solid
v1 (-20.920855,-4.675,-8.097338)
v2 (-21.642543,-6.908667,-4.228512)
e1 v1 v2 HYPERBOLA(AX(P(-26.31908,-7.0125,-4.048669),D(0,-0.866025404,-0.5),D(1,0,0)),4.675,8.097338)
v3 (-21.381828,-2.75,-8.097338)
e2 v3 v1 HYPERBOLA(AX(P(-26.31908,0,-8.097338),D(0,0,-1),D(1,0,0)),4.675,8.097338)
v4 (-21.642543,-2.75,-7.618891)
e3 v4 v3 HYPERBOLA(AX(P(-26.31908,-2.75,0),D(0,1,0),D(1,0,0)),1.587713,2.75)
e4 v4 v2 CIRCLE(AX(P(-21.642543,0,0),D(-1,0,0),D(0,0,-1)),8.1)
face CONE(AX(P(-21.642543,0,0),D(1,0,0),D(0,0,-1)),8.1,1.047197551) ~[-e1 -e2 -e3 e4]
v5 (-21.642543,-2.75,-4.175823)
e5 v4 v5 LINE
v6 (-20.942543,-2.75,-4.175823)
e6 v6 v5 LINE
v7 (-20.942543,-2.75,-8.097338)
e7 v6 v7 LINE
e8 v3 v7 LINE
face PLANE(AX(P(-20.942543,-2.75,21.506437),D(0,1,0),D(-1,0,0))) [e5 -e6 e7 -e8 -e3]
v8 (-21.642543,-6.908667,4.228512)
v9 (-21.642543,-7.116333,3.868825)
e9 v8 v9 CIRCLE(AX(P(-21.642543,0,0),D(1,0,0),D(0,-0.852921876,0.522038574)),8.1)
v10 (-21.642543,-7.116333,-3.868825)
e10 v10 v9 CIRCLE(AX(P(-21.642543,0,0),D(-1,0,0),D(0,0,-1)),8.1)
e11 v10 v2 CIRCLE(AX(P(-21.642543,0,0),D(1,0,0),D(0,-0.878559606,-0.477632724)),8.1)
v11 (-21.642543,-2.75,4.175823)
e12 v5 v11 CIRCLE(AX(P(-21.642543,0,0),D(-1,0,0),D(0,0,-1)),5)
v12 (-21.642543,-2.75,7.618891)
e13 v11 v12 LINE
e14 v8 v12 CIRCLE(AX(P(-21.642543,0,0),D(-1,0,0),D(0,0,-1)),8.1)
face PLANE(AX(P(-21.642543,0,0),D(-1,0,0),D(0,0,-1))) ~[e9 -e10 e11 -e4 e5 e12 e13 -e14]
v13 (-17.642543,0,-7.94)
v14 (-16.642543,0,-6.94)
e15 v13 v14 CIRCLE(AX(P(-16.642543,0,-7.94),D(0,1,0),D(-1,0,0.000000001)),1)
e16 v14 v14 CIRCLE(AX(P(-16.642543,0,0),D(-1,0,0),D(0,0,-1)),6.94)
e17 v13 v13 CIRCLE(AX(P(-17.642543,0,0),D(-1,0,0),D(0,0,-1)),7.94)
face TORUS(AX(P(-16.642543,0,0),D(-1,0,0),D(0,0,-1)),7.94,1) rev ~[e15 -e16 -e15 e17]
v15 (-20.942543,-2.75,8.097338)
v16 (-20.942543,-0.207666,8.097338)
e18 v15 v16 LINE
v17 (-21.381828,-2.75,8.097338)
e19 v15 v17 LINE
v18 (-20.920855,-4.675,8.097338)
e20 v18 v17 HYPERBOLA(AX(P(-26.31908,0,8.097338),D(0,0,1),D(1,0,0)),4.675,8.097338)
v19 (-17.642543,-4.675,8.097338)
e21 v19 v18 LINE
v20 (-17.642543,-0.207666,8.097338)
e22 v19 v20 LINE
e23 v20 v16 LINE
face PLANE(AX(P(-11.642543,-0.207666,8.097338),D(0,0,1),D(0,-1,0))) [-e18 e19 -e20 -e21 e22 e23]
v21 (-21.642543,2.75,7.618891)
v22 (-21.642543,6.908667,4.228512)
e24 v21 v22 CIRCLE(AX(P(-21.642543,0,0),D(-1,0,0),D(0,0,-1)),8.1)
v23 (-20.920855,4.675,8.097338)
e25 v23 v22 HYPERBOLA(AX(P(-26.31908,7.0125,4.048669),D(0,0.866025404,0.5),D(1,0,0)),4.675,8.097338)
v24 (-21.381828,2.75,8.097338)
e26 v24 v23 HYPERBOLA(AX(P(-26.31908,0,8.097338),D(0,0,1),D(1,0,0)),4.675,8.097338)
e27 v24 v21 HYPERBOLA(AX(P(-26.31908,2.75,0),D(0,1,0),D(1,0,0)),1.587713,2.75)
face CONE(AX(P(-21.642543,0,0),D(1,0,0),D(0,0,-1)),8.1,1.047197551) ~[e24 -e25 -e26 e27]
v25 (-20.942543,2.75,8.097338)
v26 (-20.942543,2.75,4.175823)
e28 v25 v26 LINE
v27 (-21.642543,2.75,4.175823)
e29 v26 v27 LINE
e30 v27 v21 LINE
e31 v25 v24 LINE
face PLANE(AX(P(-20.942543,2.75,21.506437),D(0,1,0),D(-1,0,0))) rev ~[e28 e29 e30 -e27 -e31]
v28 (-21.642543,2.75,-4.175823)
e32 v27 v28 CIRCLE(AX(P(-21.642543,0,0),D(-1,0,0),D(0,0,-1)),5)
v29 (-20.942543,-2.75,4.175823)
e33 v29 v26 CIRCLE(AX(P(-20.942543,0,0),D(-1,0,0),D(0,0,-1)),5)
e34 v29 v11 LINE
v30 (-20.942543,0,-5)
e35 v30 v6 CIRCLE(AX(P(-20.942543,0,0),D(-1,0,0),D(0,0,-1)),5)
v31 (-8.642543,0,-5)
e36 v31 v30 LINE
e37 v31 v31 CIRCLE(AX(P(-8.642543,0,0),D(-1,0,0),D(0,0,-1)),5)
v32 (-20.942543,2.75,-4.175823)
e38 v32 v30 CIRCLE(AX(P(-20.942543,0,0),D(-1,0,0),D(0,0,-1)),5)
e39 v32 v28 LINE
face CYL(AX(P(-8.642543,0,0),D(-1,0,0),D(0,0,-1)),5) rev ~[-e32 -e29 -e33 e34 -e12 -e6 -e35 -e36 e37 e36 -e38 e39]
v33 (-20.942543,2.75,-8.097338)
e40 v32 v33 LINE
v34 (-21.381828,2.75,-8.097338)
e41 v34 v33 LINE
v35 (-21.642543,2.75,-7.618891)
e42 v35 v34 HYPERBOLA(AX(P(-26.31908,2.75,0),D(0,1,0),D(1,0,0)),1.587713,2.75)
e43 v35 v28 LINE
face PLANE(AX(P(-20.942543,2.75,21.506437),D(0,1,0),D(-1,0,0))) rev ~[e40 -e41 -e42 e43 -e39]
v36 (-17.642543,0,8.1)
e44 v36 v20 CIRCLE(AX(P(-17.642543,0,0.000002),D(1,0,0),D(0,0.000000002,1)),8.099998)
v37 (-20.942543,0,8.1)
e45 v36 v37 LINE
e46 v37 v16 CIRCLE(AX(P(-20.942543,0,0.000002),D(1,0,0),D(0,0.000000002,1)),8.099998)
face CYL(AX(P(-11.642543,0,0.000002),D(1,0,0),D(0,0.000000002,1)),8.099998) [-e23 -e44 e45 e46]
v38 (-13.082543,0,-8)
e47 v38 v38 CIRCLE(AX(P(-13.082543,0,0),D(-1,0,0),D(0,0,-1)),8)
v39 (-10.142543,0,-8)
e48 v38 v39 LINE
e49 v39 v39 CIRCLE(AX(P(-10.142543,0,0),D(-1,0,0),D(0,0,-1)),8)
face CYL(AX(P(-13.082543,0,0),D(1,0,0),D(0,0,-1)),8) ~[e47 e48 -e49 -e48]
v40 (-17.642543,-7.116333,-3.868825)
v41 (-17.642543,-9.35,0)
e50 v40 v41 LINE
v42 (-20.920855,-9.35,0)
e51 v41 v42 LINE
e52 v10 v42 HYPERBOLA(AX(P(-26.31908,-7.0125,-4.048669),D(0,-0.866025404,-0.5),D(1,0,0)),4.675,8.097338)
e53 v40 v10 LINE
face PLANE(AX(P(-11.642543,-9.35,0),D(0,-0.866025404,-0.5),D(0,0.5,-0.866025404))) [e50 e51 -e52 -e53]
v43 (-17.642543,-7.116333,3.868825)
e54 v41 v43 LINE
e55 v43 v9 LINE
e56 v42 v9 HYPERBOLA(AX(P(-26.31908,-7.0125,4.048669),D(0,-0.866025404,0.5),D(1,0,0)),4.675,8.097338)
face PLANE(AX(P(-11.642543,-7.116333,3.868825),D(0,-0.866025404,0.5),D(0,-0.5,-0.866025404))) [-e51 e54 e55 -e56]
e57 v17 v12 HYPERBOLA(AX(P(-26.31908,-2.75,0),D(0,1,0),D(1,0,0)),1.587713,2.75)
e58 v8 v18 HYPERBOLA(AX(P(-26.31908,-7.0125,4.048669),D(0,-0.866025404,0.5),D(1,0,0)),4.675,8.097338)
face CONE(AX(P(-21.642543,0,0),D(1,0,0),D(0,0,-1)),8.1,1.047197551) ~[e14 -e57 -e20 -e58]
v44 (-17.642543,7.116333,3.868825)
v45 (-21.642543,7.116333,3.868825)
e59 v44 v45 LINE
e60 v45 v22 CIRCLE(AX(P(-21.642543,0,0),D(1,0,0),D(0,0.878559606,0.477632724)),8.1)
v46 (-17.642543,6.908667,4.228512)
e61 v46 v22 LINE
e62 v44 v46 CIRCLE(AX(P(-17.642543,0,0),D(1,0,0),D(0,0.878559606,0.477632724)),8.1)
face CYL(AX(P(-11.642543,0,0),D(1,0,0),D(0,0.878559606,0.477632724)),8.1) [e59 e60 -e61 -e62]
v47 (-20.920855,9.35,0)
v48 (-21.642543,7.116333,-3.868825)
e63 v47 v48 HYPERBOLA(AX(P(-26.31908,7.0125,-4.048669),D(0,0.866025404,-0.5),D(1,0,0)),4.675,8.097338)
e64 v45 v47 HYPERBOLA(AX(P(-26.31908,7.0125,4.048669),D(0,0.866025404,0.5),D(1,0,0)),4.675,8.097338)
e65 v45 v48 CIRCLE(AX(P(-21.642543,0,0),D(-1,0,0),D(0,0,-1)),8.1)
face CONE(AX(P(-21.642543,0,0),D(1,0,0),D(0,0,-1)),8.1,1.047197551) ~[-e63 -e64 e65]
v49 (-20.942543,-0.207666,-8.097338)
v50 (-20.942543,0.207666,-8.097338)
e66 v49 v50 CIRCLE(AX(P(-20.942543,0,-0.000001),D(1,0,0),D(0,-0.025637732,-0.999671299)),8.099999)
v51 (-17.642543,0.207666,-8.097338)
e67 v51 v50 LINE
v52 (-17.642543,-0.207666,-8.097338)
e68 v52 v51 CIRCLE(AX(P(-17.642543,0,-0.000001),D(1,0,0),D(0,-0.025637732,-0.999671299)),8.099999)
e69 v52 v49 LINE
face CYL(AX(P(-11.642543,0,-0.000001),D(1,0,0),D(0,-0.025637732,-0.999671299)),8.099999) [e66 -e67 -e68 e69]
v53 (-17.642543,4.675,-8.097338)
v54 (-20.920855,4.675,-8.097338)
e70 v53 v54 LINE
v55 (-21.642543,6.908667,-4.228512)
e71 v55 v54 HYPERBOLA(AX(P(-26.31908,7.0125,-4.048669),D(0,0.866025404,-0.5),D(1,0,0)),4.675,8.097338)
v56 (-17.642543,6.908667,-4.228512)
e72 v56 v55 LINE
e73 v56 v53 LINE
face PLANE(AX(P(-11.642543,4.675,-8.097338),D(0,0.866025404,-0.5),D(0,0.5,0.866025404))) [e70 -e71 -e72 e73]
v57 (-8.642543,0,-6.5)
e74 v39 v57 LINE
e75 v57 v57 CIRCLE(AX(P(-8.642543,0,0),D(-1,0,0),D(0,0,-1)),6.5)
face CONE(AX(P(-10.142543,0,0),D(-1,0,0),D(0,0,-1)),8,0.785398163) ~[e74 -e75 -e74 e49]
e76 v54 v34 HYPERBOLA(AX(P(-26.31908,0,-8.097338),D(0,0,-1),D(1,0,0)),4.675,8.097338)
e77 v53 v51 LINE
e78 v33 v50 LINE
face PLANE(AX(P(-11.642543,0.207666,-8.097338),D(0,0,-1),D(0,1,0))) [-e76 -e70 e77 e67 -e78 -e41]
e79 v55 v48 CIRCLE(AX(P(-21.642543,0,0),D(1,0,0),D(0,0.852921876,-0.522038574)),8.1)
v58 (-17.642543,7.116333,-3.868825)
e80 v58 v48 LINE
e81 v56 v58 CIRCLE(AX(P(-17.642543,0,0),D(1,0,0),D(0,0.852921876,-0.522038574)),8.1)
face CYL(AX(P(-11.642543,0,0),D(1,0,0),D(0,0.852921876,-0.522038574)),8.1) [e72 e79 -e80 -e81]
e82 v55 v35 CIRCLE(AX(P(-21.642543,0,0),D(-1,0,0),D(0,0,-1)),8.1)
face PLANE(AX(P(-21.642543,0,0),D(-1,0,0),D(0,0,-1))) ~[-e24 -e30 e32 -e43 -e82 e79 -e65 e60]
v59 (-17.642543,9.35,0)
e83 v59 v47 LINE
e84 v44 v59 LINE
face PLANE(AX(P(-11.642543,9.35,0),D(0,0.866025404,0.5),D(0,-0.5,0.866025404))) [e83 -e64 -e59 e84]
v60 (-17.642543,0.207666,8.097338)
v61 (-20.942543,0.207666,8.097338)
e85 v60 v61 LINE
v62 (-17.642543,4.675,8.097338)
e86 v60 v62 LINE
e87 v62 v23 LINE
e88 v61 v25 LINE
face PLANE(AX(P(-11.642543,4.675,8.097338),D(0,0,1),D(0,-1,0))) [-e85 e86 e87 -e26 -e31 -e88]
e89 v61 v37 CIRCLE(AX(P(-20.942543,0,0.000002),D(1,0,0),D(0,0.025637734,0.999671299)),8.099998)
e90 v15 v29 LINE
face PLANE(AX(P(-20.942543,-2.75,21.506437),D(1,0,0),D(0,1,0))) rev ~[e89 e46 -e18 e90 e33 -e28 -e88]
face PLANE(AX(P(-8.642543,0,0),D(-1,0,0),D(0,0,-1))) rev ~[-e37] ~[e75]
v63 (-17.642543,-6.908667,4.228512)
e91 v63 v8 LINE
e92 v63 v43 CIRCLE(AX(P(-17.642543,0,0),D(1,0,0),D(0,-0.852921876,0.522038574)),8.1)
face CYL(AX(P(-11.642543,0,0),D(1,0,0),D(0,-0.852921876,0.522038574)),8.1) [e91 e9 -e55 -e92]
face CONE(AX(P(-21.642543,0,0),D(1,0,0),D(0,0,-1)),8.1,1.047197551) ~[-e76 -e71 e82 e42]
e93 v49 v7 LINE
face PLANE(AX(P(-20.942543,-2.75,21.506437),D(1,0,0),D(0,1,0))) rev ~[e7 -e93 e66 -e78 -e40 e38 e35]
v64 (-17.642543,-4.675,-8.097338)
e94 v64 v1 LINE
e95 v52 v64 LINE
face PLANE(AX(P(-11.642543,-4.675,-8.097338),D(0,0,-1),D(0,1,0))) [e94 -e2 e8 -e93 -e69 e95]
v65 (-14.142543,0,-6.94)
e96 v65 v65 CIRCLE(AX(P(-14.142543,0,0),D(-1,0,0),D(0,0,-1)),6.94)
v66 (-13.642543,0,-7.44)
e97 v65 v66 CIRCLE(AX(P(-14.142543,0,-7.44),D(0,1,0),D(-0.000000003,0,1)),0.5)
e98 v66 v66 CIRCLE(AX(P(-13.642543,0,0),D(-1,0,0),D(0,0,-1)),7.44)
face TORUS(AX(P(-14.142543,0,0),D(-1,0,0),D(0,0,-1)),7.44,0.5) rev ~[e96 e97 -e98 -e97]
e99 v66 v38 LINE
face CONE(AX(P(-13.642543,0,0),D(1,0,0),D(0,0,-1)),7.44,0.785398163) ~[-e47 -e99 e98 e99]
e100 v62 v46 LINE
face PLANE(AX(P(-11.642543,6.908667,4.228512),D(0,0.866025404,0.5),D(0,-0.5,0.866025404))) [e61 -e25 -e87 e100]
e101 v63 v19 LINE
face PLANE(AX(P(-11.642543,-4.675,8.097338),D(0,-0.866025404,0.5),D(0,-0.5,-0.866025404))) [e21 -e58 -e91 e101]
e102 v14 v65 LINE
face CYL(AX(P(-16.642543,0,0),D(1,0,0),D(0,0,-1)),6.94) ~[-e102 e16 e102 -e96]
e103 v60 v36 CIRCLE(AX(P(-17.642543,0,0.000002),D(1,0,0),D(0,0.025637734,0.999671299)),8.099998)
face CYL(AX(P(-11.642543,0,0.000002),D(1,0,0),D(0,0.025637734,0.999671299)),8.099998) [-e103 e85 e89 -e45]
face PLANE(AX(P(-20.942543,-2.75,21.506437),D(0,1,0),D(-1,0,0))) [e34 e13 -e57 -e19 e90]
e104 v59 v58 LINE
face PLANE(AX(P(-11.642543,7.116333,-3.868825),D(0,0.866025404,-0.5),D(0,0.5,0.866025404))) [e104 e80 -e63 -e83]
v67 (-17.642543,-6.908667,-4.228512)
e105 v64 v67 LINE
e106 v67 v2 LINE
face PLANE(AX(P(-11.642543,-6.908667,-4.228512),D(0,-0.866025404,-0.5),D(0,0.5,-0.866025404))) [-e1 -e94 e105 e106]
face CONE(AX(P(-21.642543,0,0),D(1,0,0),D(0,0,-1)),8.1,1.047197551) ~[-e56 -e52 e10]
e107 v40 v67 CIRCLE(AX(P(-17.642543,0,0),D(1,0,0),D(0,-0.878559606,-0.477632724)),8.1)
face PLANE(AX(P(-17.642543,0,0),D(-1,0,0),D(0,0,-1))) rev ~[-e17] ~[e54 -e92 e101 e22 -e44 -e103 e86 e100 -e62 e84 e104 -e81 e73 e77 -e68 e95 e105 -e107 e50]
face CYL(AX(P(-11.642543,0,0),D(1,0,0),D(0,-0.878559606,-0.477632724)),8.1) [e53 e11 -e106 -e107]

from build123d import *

# Parameters (mm, degrees)
CUT_EXTRUDE_START        = -10
CUT_EXTRUDE_1_DEPTH      = 10
CUT_EXTRUDE_2_DEPTH      = 29.603774074
CUT_EXTRUDE_2_DEPTH_BACK = 29.603774074
SKETCH_3_W               = 1.4
SKETCH_3_H               = 5.5


with BuildPart() as part:
    # Эскиз1 → Повернуть1 (revolve)
    with BuildSketch(Plane(origin=(0, 0, 0), x_dir=(1, 0, 0), z_dir=(0, 1, 0)), mode=Mode.PRIVATE) as revolve_1_sk:
        with BuildLine():
            Line((-8.642542558, -6.5), (-8.642542558, -5))
            Line((-8.642542558, -5), (-21.642542558, -5))
            Line((-21.642542558, -5), (-21.642542558, -8.1))
            Line((-21.642542558, -8.1), (-20.920854721, -9.35))
            Line((-20.920854721, -9.35), (-17.642542558, -9.35))
            Line((-17.642542558, -9.35), (-17.642542558, -7.94))
            ThreePointArc((-17.642542558, -7.94), (-17.349649339, -7.232893219), (-16.642542558, -6.94))
            Line((-16.642542558, -6.94), (-14.142542558, -6.94))
            ThreePointArc((-14.142542558, -6.94), (-13.788989167, -7.086446609), (-13.642542558, -7.44))
            Line((-13.642542558, -7.44), (-13.082542558, -8))
            Line((-13.082542558, -8), (-10.142542558, -8))
            Line((-10.142542558, -8), (-8.642542558, -6.5))
        make_face()
    revolve(revolve_1_sk.sketch.rotate(Axis((24.823529412, 0, 0), (-1, 0, 0)), 180), axis=Axis((24.823529412, 0, 0), (-1, 0, 0)))

    # Эскиз2 → Вырез-Вытянуть1 (cut)
    with BuildSketch(Plane.ZY.offset(21.642542558).offset(CUT_EXTRUDE_START)):
        with BuildLine():
            Line((-8.097337525, 0.207665597), (-8.097337525, 4.675))
            ThreePointArc((-8.097337525, 4.675), (-9.35, 0), (-8.097337525, -4.675))
            Line((-8.097337525, -4.675), (-8.097337525, -0.207665597))
            ThreePointArc((-8.097337525, -0.207665597), (-8.1, 0), (-8.097337525, 0.207665597))
        make_face()
        with BuildLine():
            Line((-3.868825081, 7.116332798), (0, 9.35))
            ThreePointArc((0, 9.35), (-4.675, 8.097337525), (-8.097337525, 4.675))
            Line((-8.097337525, 4.675), (-4.228512445, 6.908667202))
            ThreePointArc((-4.228512445, 6.908667202), (-4.05, 7.014805771), (-3.868825081, 7.116332798))
        make_face()
        with BuildLine():
            ThreePointArc((8.097337525, 4.675), (4.675, 8.097337525), (0, 9.35))
            Line((0, 9.35), (3.868825081, 7.116332798))
            ThreePointArc((3.868825081, 7.116332798), (4.05, 7.014805771), (4.228512445, 6.908667202))
            Line((4.228512445, 6.908667202), (8.097337525, 4.675))
        make_face()
        with BuildLine():
            ThreePointArc((9.35, 0), (9.031406476, 2.419958072), (8.097337525, 4.675))
            Line((8.097337525, 4.675), (8.097337525, 0.207665597))
            ThreePointArc((8.097337525, 0.207665597), (8.099334354, 0.103841332), (8.1, 0))
            ThreePointArc((8.1, 0), (8.099334354, -0.103841332), (8.097337525, -0.207665597))
            Line((8.097337525, -0.207665597), (8.097337525, -4.675))
            ThreePointArc((8.097337525, -4.675), (9.031406476, -2.419958072), (9.35, 0))
        make_face()
        with BuildLine():
            ThreePointArc((0, -9.35), (4.675, -8.097337525), (8.097337525, -4.675))
            Line((8.097337525, -4.675), (4.228512445, -6.908667202))
            ThreePointArc((4.228512445, -6.908667202), (4.05, -7.014805771), (3.868825081, -7.116332798))
            Line((3.868825081, -7.116332798), (0, -9.35))
        make_face()
        with BuildLine():
            Line((-4.228512445, -6.908667202), (-8.097337525, -4.675))
            ThreePointArc((-8.097337525, -4.675), (-4.675, -8.097337525), (0, -9.35))
            Line((0, -9.35), (-3.868825081, -7.116332798))
            ThreePointArc((-3.868825081, -7.116332798), (-4.05, -7.014805771), (-4.228512445, -6.908667202))
        make_face()
    extrude(amount=CUT_EXTRUDE_1_DEPTH, mode=Mode.SUBTRACT)

    # Эскиз3 → Вырез-Вытянуть2 (cut, two sides: drawn at the far end of the back side and taken through both)
    with BuildSketch(Plane(origin=(0, 0, -8.097337525), x_dir=(-1, 0, 0), z_dir=(0, 0, -1)).offset(-CUT_EXTRUDE_2_DEPTH_BACK)):
        with Locations((21.642542558, 0)):
            Rectangle(SKETCH_3_W, SKETCH_3_H)
    extrude(amount=CUT_EXTRUDE_2_DEPTH + CUT_EXTRUDE_2_DEPTH_BACK, mode=Mode.SUBTRACT)


solid = part.part
